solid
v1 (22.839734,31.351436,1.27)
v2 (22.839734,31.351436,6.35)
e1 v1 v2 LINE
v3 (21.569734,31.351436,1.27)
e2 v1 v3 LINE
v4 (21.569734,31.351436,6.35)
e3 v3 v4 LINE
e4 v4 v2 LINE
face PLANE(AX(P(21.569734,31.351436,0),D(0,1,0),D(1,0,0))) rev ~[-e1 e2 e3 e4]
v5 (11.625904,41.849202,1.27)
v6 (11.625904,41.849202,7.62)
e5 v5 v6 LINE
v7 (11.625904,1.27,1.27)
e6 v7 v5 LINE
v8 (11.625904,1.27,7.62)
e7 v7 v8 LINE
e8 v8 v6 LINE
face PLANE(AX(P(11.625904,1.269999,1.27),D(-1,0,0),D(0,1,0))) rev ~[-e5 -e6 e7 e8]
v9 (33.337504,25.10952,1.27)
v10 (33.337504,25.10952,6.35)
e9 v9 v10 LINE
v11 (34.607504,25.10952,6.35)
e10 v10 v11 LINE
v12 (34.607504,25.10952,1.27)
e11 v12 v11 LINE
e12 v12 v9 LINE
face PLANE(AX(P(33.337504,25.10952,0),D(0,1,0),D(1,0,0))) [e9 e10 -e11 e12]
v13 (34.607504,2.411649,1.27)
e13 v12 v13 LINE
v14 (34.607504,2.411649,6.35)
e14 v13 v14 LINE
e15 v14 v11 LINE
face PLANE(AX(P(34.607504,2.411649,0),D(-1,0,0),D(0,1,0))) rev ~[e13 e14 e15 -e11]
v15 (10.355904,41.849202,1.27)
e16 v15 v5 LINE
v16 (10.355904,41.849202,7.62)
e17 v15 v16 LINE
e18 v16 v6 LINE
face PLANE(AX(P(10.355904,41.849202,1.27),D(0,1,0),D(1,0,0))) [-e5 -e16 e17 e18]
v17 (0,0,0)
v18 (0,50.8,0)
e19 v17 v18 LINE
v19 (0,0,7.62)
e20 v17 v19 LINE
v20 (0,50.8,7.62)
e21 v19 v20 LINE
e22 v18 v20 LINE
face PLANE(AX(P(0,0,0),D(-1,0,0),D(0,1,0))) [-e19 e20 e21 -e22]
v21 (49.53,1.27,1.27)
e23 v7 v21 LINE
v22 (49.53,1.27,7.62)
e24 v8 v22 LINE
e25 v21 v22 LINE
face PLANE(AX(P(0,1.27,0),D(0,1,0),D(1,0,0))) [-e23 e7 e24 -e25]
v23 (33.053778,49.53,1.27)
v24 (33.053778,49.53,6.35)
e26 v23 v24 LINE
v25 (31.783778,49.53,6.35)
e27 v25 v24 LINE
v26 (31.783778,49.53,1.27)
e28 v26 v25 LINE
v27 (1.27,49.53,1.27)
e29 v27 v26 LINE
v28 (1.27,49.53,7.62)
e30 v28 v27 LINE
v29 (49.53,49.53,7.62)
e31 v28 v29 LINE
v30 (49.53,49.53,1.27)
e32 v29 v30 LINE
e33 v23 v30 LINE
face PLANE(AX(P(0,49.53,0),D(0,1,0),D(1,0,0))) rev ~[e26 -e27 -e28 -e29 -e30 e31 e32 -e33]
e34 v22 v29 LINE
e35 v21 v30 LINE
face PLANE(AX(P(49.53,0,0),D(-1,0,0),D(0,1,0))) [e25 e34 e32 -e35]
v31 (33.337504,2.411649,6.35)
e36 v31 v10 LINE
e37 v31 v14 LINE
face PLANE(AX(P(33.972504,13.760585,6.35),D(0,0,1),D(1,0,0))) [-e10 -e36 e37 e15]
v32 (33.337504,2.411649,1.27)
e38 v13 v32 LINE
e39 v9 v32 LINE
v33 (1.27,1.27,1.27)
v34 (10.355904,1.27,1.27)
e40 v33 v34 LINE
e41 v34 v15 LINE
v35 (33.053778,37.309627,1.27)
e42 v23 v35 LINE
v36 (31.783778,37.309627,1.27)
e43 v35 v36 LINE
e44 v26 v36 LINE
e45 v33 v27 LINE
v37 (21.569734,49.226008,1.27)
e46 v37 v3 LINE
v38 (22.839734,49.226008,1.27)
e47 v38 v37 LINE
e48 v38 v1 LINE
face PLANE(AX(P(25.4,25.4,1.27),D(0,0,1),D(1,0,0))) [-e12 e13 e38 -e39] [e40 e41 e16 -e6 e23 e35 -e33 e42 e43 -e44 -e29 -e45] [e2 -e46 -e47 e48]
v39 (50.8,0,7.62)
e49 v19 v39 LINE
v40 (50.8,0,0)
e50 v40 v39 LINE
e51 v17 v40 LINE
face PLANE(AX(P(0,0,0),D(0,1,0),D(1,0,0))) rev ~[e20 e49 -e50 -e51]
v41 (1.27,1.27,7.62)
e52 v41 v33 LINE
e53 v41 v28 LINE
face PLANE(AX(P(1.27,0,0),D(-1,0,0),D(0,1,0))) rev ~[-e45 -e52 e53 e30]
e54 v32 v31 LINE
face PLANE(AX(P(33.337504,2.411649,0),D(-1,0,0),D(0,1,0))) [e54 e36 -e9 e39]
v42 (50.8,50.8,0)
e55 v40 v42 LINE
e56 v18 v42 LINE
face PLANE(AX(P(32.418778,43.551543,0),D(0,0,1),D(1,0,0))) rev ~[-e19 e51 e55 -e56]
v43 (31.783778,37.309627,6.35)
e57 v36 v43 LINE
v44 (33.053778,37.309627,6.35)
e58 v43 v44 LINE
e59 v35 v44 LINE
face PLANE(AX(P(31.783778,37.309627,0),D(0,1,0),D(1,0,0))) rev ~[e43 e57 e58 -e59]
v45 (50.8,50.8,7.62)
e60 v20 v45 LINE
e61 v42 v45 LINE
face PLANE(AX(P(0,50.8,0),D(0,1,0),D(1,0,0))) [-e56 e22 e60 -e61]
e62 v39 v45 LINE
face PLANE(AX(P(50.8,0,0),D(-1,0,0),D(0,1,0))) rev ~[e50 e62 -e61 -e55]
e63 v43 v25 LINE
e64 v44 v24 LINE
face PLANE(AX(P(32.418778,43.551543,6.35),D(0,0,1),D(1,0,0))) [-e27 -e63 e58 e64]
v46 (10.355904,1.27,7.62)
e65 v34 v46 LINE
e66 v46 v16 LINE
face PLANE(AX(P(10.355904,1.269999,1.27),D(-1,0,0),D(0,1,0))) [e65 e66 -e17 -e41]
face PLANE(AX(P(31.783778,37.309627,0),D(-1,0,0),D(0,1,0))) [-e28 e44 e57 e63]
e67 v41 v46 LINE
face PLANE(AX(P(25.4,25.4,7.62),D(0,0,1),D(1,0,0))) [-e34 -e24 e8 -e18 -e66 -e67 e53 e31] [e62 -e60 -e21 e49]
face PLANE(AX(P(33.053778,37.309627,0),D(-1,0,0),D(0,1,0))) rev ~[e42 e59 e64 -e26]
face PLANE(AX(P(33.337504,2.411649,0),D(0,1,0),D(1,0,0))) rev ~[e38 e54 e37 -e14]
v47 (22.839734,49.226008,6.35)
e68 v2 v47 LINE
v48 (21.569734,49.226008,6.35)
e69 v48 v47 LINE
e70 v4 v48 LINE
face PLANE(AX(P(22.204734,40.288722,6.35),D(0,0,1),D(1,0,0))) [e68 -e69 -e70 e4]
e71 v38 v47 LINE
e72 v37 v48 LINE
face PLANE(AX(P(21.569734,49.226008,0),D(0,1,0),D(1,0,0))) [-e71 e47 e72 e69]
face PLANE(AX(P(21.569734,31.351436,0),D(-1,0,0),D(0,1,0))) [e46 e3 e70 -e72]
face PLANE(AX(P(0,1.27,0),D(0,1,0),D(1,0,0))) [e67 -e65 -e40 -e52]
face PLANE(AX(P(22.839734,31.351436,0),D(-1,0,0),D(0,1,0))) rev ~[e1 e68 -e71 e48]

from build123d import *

# Parameters (mm, degrees)
F0_W     = 50.8
F0_H     = 50.8
F1_DEPTH = 7.62
F2_T     = -1.27
F3_W     = 1.27
F3_H     = 40.579203
F4_DEPTH = 6.35
F5_W     = 1.27
F5_H     = 17.874572
F5_H_2   = 22.697871
F6_DEPTH = 6.35
F7_W     = 1.27
F7_H     = 12.483831
F8_DEPTH = 6.35


with BuildPart() as f1:
    # F0 (on Top) → F1 (new body)
    with BuildSketch(Plane.XY):
        with Locations((25.4, 25.4)):
            Rectangle(F0_W, F0_H)
    extrude(amount=F1_DEPTH)

    # F2
    f2_openings = [f1.faces().sort_by_distance(p)[0] for p in [
        (25.4, 25.4, 7.62),
    ]]
    offset(amount=F2_T, openings=f2_openings)

    # F3 (on face) → F4 (join)
    with BuildSketch(Plane.XY.offset(1.27)):
        with Locations((10.990904, 21.559601)):
            Rectangle(F3_W, F3_H)
    extrude(amount=F4_DEPTH)

    # F5 (on Top) → F6 (join)
    with BuildSketch(Plane.XY):
        with Locations((22.204734, 40.288722)):
            Rectangle(F5_W, F5_H)
        with Locations((33.972504, 13.760585)):
            Rectangle(F5_W, F5_H_2)
    extrude(amount=F6_DEPTH)

    # F7 (on Top) → F8 (join)
    with BuildSketch(Plane.XY):
        with Locations((32.418778, 43.551543)):
            Rectangle(F7_W, F7_H)
    extrude(amount=F8_DEPTH)


solid = f1.part
